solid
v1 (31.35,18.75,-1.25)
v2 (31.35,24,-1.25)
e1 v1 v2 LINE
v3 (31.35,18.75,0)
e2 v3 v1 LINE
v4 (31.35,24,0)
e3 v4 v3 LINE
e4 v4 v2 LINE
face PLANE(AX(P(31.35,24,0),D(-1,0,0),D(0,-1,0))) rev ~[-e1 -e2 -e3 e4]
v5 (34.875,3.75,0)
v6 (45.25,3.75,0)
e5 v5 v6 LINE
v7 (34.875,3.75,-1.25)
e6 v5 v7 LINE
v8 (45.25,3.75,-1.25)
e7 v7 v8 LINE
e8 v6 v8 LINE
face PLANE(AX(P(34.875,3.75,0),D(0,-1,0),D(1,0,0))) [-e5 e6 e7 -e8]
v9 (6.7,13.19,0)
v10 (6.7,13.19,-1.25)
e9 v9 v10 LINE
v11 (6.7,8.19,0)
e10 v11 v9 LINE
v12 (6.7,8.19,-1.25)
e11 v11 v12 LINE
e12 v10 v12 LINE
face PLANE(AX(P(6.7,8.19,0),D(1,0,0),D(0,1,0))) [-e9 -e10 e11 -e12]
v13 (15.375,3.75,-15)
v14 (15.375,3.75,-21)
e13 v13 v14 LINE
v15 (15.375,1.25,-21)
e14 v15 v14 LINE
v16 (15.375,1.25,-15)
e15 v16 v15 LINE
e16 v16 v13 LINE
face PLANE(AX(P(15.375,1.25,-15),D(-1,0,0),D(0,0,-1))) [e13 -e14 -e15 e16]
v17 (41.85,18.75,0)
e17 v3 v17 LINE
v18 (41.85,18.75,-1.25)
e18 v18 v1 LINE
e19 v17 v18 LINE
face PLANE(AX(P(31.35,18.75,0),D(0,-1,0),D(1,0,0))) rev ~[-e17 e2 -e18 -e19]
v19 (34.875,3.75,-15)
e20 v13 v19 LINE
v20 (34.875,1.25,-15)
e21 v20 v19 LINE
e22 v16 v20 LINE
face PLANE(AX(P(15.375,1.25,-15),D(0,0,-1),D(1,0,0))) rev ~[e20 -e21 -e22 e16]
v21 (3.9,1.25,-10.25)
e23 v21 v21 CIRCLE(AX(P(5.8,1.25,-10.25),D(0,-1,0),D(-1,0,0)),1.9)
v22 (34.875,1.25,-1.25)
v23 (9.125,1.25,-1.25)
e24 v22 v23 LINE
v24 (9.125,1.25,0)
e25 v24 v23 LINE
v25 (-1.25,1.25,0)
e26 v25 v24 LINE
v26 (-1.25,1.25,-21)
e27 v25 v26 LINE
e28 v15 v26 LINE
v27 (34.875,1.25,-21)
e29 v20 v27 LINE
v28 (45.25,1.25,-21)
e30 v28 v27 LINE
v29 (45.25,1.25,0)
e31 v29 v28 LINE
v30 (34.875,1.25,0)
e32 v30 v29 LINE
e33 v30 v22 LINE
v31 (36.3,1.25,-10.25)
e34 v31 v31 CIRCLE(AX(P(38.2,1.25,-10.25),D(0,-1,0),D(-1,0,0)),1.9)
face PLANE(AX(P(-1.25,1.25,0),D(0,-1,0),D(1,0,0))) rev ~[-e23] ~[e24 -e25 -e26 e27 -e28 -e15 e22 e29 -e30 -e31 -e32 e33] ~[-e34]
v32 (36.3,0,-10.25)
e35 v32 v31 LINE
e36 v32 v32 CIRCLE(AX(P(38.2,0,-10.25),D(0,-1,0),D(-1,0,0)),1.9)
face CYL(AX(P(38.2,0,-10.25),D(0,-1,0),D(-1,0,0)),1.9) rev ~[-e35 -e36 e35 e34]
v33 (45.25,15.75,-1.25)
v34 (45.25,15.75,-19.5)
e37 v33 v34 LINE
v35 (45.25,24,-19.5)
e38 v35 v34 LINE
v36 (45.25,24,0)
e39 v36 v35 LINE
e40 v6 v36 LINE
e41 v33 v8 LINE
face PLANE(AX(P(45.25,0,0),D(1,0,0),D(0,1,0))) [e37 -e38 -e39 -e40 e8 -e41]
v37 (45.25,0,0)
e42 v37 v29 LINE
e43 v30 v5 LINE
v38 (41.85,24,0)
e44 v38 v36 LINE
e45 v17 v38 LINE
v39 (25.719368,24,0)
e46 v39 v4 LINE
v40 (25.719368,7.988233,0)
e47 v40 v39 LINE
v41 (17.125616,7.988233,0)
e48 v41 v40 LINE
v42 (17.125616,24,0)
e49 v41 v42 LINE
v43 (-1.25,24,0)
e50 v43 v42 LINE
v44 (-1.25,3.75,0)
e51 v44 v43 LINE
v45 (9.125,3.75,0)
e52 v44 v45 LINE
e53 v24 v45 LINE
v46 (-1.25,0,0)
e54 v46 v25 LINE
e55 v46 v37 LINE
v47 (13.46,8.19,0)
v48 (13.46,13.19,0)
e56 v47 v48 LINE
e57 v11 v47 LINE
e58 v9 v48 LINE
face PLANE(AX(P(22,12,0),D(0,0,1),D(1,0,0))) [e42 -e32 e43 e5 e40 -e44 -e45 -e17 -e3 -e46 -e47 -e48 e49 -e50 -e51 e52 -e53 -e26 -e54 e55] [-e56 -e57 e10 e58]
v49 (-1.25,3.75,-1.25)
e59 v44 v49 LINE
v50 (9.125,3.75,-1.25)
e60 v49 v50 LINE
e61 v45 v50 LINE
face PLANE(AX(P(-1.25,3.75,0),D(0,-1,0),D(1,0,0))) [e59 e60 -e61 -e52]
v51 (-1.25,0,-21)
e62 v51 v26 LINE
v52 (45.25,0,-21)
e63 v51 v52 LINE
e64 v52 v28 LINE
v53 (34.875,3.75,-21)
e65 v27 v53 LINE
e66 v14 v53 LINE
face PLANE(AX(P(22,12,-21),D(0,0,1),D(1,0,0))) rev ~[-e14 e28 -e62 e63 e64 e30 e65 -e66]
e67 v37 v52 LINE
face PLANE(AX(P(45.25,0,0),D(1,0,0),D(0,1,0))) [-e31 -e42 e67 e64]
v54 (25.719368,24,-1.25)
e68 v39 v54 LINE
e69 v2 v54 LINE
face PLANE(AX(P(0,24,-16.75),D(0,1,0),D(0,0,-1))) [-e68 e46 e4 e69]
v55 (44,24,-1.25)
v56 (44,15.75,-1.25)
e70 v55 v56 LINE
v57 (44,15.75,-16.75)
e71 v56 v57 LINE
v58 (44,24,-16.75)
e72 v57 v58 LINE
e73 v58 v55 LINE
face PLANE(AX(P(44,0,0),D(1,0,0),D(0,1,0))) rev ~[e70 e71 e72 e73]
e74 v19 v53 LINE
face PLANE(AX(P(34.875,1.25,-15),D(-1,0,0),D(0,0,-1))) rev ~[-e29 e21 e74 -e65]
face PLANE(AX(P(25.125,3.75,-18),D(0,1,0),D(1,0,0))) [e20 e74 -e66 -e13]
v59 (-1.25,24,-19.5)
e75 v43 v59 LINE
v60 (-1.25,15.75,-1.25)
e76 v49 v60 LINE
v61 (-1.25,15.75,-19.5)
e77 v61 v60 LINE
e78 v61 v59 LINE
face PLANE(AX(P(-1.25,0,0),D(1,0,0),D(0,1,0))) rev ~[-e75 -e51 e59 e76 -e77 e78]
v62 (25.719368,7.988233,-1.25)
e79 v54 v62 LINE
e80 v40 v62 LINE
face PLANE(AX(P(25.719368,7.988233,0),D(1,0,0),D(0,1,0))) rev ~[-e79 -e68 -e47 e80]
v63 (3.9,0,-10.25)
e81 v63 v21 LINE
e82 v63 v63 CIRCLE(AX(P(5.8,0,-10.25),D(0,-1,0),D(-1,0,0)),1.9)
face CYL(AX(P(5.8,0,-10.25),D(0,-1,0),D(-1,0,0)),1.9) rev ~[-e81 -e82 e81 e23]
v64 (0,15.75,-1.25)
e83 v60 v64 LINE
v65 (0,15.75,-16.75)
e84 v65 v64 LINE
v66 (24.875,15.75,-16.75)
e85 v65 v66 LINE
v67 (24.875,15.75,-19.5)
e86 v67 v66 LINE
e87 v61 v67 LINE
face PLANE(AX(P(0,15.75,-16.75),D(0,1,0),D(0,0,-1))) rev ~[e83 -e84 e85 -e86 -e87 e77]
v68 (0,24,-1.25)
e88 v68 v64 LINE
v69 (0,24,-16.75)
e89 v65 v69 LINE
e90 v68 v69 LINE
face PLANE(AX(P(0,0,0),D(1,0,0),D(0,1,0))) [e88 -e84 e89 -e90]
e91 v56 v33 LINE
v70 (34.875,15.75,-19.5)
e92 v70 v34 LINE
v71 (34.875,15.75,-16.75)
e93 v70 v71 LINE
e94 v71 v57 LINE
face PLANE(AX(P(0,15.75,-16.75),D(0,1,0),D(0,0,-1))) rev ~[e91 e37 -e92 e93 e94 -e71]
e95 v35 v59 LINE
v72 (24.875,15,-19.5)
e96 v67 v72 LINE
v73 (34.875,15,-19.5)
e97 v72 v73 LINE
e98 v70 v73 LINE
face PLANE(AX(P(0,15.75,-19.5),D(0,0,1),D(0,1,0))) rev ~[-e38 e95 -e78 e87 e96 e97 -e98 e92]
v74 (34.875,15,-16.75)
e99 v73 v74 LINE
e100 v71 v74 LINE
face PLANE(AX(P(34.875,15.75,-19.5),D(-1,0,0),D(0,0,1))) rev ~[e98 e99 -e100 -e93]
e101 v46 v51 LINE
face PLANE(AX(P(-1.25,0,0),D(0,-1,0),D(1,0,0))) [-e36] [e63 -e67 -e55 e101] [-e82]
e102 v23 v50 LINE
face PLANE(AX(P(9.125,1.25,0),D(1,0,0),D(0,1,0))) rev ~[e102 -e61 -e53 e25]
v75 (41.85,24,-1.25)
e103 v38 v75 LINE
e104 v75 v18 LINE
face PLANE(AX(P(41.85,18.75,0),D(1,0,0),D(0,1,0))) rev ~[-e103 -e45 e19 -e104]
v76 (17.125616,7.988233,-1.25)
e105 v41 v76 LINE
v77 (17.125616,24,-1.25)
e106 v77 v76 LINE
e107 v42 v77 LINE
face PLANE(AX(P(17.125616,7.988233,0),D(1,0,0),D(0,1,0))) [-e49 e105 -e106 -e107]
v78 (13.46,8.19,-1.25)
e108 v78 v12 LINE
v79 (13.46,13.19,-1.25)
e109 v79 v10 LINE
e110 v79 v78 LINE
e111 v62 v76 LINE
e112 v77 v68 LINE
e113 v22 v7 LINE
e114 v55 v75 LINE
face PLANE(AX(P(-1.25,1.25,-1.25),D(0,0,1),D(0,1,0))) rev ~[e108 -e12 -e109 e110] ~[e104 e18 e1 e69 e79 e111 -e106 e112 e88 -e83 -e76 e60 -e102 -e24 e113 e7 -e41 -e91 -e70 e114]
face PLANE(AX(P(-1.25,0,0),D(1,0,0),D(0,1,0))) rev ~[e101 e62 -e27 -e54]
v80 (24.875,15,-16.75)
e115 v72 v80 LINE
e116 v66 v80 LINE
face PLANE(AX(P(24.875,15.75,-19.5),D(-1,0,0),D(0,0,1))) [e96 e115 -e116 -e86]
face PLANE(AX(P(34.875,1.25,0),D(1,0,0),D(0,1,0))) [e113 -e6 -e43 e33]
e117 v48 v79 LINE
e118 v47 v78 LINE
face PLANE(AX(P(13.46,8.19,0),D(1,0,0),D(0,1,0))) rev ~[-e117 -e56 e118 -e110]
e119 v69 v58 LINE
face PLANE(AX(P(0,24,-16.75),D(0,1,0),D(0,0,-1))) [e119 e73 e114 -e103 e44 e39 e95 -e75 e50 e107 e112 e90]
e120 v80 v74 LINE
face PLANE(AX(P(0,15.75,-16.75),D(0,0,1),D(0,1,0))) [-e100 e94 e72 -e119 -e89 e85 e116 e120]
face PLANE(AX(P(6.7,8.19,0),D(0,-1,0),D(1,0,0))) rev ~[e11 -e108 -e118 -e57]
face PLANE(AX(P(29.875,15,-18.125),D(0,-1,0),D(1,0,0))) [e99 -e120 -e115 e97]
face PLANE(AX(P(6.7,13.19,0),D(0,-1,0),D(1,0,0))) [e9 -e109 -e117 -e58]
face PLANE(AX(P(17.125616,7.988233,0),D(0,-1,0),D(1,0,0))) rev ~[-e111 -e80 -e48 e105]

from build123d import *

# Parameters (mm, degrees)
SKETCH1_W               = 46.5
SKETCH1_H               = 24
BOSS_EXTRUDE1_DEPTH     = 21
SHELL1_T                = -1.25
SKETCH2_W               = 19.75
SKETCH2_H               = 14.5
CUT_EXTRUDE1_DEPTH      = 47.5
SKETCH7_W               = 10.375
SKETCH7_H               = 2.5
CUT_EXTRUDE5_DEPTH      = 1.25
SKETCH9_W               = 19.5
SKETCH9_H               = 6
BOSS_EXTRUDE3_DEPTH     = 2.5
CUT_EXTRUDE7_START      = -45.25
SKETCH12_W              = 1.5
SKETCH12_H              = 8.25
CUT_EXTRUDE7_DEPTH      = 46.25
CUT_EXTRUDE7_DEPTH_BACK = 47.5
SKETCH13_W              = 2.75
SKETCH13_H              = 8.25
BOSS_EXTRUDE4_DEPTH     = 44
SKETCH15_W              = 10
SKETCH15_H              = 2.75
BOSS_EXTRUDE5_DEPTH     = 0.75
CUT_EXTRUDE8_REACH      = 23
SKETCH18_W              = 6.76
SKETCH18_H              = 5
CUT_EXTRUDE9_REACH      = 23
SKETCH22_W              = 8.593751287
SKETCH22_H              = 16.011767213
CUT_EXTRUDE15_REACH     = 23
SKETCH25_W              = 10
SKETCH25_H              = 4.5
CUT_EXTRUDE16_REACH     = 26
SKETCH6_R               = 1.9


with BuildPart() as part:
    # Sketch1 → Boss-Extrude1 (new body)
    with BuildSketch(Plane.XY):
        with Locations((22, 12)):
            Rectangle(SKETCH1_W, SKETCH1_H)
    extrude(amount=-BOSS_EXTRUDE1_DEPTH)

    # Shell1
    shell1_openings = [part.faces().sort_by_distance(p)[0] for p in [
        (22, 12, -21),
        (22, 24, -10.5),
    ]]
    offset(amount=SHELL1_T, openings=shell1_openings, kind=Kind.INTERSECTION)

    # Sketch2 → Cut-Extrude1 (cut, through all)
    with BuildSketch(Plane.ZY.offset(1.25)):
        with Locations((-11.125, 8.5)):
            Rectangle(SKETCH2_W, SKETCH2_H)
    extrude(amount=-CUT_EXTRUDE1_DEPTH, mode=Mode.SUBTRACT)

    # Sketch7 → Cut-Extrude5 (cut)
    with BuildSketch(Plane.XY):
        with Locations((40.0625, 2.5)):
            Rectangle(SKETCH7_W, SKETCH7_H)
        with Locations((3.9375, 2.5)):
            Rectangle(SKETCH7_W, SKETCH7_H)
    extrude(amount=-CUT_EXTRUDE5_DEPTH, mode=Mode.SUBTRACT)

    # Sketch9 → Boss-Extrude3 (add)
    with BuildSketch(Plane(origin=(0, 1.25, 0), x_dir=(1, 0, 0), z_dir=(0, 1, 0))):
        with Locations((25.125, 18)):
            Rectangle(SKETCH9_W, SKETCH9_H)
    extrude(amount=BOSS_EXTRUDE3_DEPTH)

    # Sketch12 → Cut-Extrude7 (cut, two sides)
    with BuildSketch(Plane(origin=(45.25, 0, 0), x_dir=(0, 0, -1), z_dir=(1, 0, 0)).offset(CUT_EXTRUDE7_START)) as cut_extrude7_sk:
        with Locations((20.25, 19.875)):
            Rectangle(SKETCH12_W, SKETCH12_H)
    extrude(amount=CUT_EXTRUDE7_DEPTH, mode=Mode.SUBTRACT)
    extrude(cut_extrude7_sk.sketch, amount=-CUT_EXTRUDE7_DEPTH_BACK, mode=Mode.SUBTRACT)

    # Sketch13 → Boss-Extrude4 (add)
    with BuildSketch(Plane(origin=(0, 0, 0), x_dir=(0, 0, -1), z_dir=(1, 0, 0))):
        with Locations((18.125, 19.875)):
            Rectangle(SKETCH13_W, SKETCH13_H)
    extrude(amount=BOSS_EXTRUDE4_DEPTH)

    # Sketch15 → Boss-Extrude5 (add)
    with BuildSketch(Plane.XZ.offset(-15.75)):
        with Locations((29.875, -18.125)):
            Rectangle(SKETCH15_W, SKETCH15_H)
    extrude(amount=BOSS_EXTRUDE5_DEPTH)

    # Sketch18 → Cut-Extrude8 (cut, up to next)
    with BuildSketch(Plane.XY, mode=Mode.PRIVATE) as cut_extrude8_sk1:
        with Locations((10.08, 10.69)):
            Rectangle(SKETCH18_W, SKETCH18_H)
    cut_extrude8_tool1 = extrude(cut_extrude8_sk1.sketch, amount=-CUT_EXTRUDE8_REACH, mode=Mode.PRIVATE) & part.part
    add(cut_extrude8_tool1.solids().sort_by_distance((10.08, 10.69, 0))[0], mode=Mode.SUBTRACT)

    # Sketch22 → Cut-Extrude9 (cut, up to next)
    with BuildSketch(Plane.XY, mode=Mode.PRIVATE) as cut_extrude9_sk1:
        with Locations((21.422492142, 15.994116394)):
            Rectangle(SKETCH22_W, SKETCH22_H)
    cut_extrude9_tool1 = extrude(cut_extrude9_sk1.sketch, amount=-CUT_EXTRUDE9_REACH, mode=Mode.PRIVATE) & part.part
    add(cut_extrude9_tool1.solids().sort_by_distance((21.422492, 15.994116, 0))[0], mode=Mode.SUBTRACT)

    # Sketch25 → Cut-Extrude15 (cut, up to next)
    with BuildSketch(Plane.XY, mode=Mode.PRIVATE) as cut_extrude15_sk1:
        Polygon((31.35, 18.75), (41.85, 18.75), (41.85, 24), (41.6, 24), (41.6, 19.5), (31.6, 19.5), (31.6, 24), (31.35, 24), align=None)
    cut_extrude15_tool1 = extrude(cut_extrude15_sk1.sketch, amount=-CUT_EXTRUDE15_REACH, mode=Mode.PRIVATE) & part.part
    add(cut_extrude15_tool1.solids().sort_by_distance((31.475, 23.882606, 0))[0], mode=Mode.SUBTRACT)
    # Sketch25 → Cut-Extrude15 (cut, up to next)
    with BuildSketch(Plane.XY, mode=Mode.PRIVATE) as cut_extrude15_sk2:
        with Locations((36.6, 21.75)):
            Rectangle(SKETCH25_W, SKETCH25_H)
    cut_extrude15_tool2 = extrude(cut_extrude15_sk2.sketch, amount=-CUT_EXTRUDE15_REACH, mode=Mode.PRIVATE) & part.part
    add(cut_extrude15_tool2.solids().sort_by_distance((36.6, 21.75, 0))[0], mode=Mode.SUBTRACT)

    # Sketch6 → Cut-Extrude16 (cut, up to next)
    with BuildSketch(Plane(origin=(0, 0, 0), x_dir=(-1, 0, 0), z_dir=(0, -1, 0)), mode=Mode.PRIVATE) as cut_extrude16_sk1:
        with Locations((-5.8, 10.25)):
            Circle(SKETCH6_R)
    cut_extrude16_tool1 = extrude(cut_extrude16_sk1.sketch, amount=-CUT_EXTRUDE16_REACH, mode=Mode.PRIVATE) & part.part
    add(cut_extrude16_tool1.solids().sort_by_distance((5.8, 0, -10.25))[0], mode=Mode.SUBTRACT)
    # Sketch6 → Cut-Extrude16 (cut, up to next)
    with BuildSketch(Plane(origin=(0, 0, 0), x_dir=(-1, 0, 0), z_dir=(0, -1, 0)), mode=Mode.PRIVATE) as cut_extrude16_sk2:
        with Locations((-38.2, 10.25)):
            Circle(SKETCH6_R)
    cut_extrude16_tool2 = extrude(cut_extrude16_sk2.sketch, amount=-CUT_EXTRUDE16_REACH, mode=Mode.PRIVATE) & part.part
    add(cut_extrude16_tool2.solids().sort_by_distance((38.2, 0, -10.25))[0], mode=Mode.SUBTRACT)


solid = part.part
